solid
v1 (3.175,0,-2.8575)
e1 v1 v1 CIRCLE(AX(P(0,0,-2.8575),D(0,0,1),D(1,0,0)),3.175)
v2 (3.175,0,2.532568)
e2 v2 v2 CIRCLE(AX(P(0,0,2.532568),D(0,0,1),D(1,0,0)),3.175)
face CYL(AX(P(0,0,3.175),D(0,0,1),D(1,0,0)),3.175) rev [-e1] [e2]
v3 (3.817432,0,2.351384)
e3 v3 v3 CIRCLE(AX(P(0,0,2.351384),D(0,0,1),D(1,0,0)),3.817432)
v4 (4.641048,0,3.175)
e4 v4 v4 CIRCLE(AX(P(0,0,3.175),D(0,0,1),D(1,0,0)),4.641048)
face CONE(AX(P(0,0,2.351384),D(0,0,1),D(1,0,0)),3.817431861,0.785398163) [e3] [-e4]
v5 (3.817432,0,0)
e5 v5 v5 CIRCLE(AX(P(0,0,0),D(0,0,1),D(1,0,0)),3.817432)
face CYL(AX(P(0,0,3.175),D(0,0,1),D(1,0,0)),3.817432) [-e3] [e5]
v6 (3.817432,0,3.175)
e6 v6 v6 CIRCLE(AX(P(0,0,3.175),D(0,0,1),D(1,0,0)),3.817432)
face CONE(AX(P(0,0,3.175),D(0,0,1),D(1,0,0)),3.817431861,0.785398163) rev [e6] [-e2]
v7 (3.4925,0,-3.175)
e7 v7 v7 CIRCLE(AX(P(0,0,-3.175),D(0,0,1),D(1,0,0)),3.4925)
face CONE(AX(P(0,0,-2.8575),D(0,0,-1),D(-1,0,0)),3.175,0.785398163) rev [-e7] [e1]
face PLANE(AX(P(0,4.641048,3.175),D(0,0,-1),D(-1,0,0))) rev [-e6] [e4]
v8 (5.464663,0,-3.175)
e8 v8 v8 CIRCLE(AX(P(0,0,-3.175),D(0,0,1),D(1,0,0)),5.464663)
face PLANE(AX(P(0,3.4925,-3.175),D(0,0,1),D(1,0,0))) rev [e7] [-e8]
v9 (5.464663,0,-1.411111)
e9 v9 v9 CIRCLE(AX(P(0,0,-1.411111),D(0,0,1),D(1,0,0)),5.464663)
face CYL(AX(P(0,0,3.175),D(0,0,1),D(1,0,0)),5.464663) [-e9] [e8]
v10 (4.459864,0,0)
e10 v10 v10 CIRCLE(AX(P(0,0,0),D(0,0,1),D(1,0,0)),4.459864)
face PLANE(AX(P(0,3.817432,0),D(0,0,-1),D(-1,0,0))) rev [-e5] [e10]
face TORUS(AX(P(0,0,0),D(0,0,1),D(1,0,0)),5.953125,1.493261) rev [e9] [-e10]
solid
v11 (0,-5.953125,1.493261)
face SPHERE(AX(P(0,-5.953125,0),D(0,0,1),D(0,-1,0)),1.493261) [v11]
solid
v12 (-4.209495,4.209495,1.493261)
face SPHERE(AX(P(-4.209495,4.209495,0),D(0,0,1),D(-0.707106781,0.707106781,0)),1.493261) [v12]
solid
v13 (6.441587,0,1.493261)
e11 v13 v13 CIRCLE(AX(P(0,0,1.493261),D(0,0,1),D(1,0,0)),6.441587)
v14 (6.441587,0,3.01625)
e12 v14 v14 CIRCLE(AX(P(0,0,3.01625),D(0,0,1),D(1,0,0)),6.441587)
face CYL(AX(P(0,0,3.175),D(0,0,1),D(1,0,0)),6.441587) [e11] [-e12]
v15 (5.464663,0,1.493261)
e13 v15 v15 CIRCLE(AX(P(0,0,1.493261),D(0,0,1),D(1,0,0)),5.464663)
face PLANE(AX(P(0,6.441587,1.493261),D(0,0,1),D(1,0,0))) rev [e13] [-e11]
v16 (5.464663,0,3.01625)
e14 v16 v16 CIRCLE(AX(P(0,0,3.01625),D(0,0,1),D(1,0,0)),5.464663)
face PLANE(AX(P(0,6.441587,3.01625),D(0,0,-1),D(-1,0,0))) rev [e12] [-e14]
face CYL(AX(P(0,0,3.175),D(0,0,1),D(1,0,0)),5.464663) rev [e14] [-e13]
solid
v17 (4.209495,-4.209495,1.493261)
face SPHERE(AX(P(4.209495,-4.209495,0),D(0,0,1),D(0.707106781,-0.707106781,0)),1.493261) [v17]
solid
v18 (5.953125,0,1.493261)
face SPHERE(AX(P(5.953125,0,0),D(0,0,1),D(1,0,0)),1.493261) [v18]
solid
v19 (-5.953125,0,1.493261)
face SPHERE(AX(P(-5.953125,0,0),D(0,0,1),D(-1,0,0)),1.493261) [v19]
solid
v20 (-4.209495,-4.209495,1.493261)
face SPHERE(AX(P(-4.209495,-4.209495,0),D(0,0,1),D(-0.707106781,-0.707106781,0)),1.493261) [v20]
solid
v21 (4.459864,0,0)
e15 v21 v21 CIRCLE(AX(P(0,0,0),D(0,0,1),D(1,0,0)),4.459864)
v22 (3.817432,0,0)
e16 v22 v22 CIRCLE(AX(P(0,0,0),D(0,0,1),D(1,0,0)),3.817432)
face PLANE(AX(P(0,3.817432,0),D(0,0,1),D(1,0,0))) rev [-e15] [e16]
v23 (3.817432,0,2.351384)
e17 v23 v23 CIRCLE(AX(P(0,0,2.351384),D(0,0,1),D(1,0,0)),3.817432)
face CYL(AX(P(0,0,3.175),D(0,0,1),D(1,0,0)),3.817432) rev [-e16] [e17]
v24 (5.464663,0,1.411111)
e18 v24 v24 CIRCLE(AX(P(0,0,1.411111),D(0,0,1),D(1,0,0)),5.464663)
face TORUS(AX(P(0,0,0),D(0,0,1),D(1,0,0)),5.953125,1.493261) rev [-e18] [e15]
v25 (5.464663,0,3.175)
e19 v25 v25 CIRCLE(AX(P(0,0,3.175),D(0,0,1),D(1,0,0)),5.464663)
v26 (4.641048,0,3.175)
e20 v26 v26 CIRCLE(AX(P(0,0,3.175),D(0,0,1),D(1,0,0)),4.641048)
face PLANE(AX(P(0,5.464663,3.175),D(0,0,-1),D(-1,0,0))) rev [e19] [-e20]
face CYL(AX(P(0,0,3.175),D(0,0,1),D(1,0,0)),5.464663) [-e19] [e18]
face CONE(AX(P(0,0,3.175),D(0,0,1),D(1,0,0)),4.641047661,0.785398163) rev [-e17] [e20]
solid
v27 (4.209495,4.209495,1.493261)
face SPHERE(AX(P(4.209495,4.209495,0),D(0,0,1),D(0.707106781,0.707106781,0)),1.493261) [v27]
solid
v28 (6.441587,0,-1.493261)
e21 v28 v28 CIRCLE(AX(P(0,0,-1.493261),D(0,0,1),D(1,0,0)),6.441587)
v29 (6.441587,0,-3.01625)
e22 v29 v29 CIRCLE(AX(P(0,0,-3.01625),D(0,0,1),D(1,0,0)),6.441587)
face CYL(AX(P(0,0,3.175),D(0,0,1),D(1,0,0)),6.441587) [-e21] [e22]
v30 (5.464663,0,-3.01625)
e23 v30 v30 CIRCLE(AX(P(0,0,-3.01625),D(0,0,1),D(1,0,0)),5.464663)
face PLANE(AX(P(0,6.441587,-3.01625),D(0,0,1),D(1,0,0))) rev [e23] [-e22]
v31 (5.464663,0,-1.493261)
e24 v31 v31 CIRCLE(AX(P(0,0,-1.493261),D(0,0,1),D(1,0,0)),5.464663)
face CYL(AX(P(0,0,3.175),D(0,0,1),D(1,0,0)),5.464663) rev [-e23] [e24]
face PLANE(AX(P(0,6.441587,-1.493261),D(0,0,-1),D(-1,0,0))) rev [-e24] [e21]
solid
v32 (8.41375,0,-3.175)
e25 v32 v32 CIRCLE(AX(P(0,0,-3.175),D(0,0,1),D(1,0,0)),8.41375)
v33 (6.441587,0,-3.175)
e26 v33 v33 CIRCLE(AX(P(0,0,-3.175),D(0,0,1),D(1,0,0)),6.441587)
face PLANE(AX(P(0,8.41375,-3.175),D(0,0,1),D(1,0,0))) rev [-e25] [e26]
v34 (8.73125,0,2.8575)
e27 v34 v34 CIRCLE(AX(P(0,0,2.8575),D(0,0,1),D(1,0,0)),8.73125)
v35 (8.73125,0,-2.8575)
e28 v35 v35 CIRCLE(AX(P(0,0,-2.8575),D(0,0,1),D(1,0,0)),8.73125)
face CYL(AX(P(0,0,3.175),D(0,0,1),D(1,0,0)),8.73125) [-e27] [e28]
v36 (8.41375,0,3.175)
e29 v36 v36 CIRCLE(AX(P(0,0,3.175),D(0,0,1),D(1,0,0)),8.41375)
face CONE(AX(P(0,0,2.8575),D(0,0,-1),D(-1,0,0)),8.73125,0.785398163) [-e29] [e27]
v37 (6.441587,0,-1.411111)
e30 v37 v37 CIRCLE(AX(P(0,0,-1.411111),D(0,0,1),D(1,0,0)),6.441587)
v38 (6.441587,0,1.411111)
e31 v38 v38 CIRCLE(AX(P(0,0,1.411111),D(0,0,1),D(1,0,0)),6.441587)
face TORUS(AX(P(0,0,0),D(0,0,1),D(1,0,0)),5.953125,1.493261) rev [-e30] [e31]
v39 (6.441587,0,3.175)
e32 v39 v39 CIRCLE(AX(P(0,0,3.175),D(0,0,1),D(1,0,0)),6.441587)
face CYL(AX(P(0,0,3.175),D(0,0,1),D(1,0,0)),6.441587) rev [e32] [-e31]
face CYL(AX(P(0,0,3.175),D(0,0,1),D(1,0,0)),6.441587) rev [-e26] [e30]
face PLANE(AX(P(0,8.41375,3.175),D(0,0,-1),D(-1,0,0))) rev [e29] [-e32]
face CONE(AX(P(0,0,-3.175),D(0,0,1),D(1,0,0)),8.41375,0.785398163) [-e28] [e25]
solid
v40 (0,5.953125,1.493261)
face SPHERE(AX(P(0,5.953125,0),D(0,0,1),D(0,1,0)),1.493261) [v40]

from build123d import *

# Parameters (mm, degrees)
CIRPATTERN1_COUNT = 8
SKETCH5_W         = 1.522988723
SKETCH5_H         = 0.976923076


with BuildPart() as part:
    # Sketch1 → Revolve1 (revolve)
    with BuildSketch(Plane(origin=(0, 0, 0), x_dir=(0, 0, -1), z_dir=(1, 0, 0))):
        with BuildLine():
            Line((2.8575, 8.73125), (-2.8575, 8.73125))
            Line((-2.8575, 8.73125), (-3.175, 8.41375))
            Line((-3.175, 8.41375), (-3.175, 6.441586538))
            Line((-3.175, 6.441586538), (-1.411111111, 6.441586538))
            ThreePointArc((-1.411111111, 6.441586538), (0, 7.446386277), (1.411111111, 6.441586538))
            Line((1.411111111, 6.441586538), (3.175, 6.441586538))
            Line((3.175, 6.441586538), (3.175, 8.41375))
            Line((3.175, 8.41375), (2.8575, 8.73125))
        make_face()
    revolve(axis=Axis((0, 0, 3.175), (0, 0, -1)))


with BuildPart() as body_2:
    # Sketch2 → Revolve2 (revolve)
    with BuildSketch(Plane(origin=(0, 0, 0), x_dir=(0, 0, -1), z_dir=(1, 0, 0))):
        with BuildLine():
            Line((-3.175, 5.464663462), (-1.411111111, 5.464663462))
            ThreePointArc((-1.411111111, 5.464663462), (-0.866149104, 4.73673075), (0, 4.459863723))
            Line((0, 4.459863723), (0, 3.817431861))
            Line((0, 3.817431861), (-2.3513842, 3.817431861))
            Line((-2.3513842, 3.817431861), (-3.175, 4.641047661))
            Line((-3.175, 4.641047661), (-3.175, 5.464663462))
        make_face()
    revolve(axis=Axis((0, 0, 3.175), (0, 0, -1)))


with BuildPart() as body_3:
    # Sketch3 → Revolve3 (revolve)
    with BuildSketch(Plane(origin=(0, 0, 0), x_dir=(0, 0, -1), z_dir=(1, 0, 0))):
        with BuildLine():
            Line((-3.175, 4.641047661), (-2.3513842, 3.817431861))
            Line((-2.3513842, 3.817431861), (0, 3.817431861))
            Line((0, 3.817431861), (0, 4.459863723))
            ThreePointArc((0, 4.459863723), (0.866149104, 4.73673075), (1.411111111, 5.464663462))
            Line((1.411111111, 5.464663462), (3.175, 5.464663462))
            Line((3.175, 5.464663462), (3.175, 3.4925))
            Line((3.175, 3.4925), (2.8575, 3.175))
            Line((2.8575, 3.175), (-2.532568139, 3.175))
            Line((-2.532568139, 3.175), (-3.175, 3.817431861))
            Line((-3.175, 3.817431861), (-3.175, 4.641047661))
        make_face()
    revolve(axis=Axis((0, 0, 3.175), (0, 0, -1)))


with BuildPart() as body_4:
    # Sketch4 → Revolve4 (revolve)
    with BuildSketch(Plane(origin=(0, 0, 0), x_dir=(0, 0, -1), z_dir=(1, 0, 0))):
        with BuildLine():
            Line((-1.493261277, 5.953125), (1.493261277, 5.953125))
            ThreePointArc((1.493261277, 5.953125), (0, 7.446386277), (-1.493261277, 5.953125))
        make_face()
    revolve(axis=Axis((0, 5.953125, 1.493261277), (0, 0, -1)))


with BuildPart() as cirpattern1_1:
    # CirPattern1: pattern copy
    add(body_4.part.rotate(Axis((0, 0, -3.175), (0, 0, 1)), 1 * 360 / CIRPATTERN1_COUNT))


with BuildPart() as cirpattern1_2:
    # CirPattern1: pattern copy
    add(body_4.part.rotate(Axis((0, 0, -3.175), (0, 0, 1)), 2 * 360 / CIRPATTERN1_COUNT))


with BuildPart() as cirpattern1_3:
    # CirPattern1: pattern copy
    add(body_4.part.rotate(Axis((0, 0, -3.175), (0, 0, 1)), 3 * 360 / CIRPATTERN1_COUNT))


with BuildPart() as cirpattern1_4:
    # CirPattern1: pattern copy
    add(body_4.part.rotate(Axis((0, 0, -3.175), (0, 0, 1)), 4 * 360 / CIRPATTERN1_COUNT))


with BuildPart() as cirpattern1_5:
    # CirPattern1: pattern copy
    add(body_4.part.rotate(Axis((0, 0, -3.175), (0, 0, 1)), 5 * 360 / CIRPATTERN1_COUNT))


with BuildPart() as cirpattern1_6:
    # CirPattern1: pattern copy
    add(body_4.part.rotate(Axis((0, 0, -3.175), (0, 0, 1)), 6 * 360 / CIRPATTERN1_COUNT))


with BuildPart() as cirpattern1_7:
    # CirPattern1: pattern copy
    add(body_4.part.rotate(Axis((0, 0, -3.175), (0, 0, 1)), 7 * 360 / CIRPATTERN1_COUNT))


with BuildPart() as body_12:
    # Sketch5 → Revolve5 (revolve)
    with BuildSketch(Plane(origin=(0, 0, 0), x_dir=(0, 0, -1), z_dir=(1, 0, 0))):
        with Locations((-2.254755639, 5.953125)):
            Rectangle(SKETCH5_W, SKETCH5_H)
        with Locations((2.254755639, 5.953125)):
            Rectangle(SKETCH5_W, SKETCH5_H)
    revolve(axis=Axis((0, 0, 3.175), (0, 0, -1)))


solid = Compound([part.part, body_2.part, body_3.part, body_4.part, cirpattern1_1.part, cirpattern1_2.part, cirpattern1_3.part, cirpattern1_4.part, cirpattern1_5.part, cirpattern1_6.part, cirpattern1_7.part, body_12.part])
